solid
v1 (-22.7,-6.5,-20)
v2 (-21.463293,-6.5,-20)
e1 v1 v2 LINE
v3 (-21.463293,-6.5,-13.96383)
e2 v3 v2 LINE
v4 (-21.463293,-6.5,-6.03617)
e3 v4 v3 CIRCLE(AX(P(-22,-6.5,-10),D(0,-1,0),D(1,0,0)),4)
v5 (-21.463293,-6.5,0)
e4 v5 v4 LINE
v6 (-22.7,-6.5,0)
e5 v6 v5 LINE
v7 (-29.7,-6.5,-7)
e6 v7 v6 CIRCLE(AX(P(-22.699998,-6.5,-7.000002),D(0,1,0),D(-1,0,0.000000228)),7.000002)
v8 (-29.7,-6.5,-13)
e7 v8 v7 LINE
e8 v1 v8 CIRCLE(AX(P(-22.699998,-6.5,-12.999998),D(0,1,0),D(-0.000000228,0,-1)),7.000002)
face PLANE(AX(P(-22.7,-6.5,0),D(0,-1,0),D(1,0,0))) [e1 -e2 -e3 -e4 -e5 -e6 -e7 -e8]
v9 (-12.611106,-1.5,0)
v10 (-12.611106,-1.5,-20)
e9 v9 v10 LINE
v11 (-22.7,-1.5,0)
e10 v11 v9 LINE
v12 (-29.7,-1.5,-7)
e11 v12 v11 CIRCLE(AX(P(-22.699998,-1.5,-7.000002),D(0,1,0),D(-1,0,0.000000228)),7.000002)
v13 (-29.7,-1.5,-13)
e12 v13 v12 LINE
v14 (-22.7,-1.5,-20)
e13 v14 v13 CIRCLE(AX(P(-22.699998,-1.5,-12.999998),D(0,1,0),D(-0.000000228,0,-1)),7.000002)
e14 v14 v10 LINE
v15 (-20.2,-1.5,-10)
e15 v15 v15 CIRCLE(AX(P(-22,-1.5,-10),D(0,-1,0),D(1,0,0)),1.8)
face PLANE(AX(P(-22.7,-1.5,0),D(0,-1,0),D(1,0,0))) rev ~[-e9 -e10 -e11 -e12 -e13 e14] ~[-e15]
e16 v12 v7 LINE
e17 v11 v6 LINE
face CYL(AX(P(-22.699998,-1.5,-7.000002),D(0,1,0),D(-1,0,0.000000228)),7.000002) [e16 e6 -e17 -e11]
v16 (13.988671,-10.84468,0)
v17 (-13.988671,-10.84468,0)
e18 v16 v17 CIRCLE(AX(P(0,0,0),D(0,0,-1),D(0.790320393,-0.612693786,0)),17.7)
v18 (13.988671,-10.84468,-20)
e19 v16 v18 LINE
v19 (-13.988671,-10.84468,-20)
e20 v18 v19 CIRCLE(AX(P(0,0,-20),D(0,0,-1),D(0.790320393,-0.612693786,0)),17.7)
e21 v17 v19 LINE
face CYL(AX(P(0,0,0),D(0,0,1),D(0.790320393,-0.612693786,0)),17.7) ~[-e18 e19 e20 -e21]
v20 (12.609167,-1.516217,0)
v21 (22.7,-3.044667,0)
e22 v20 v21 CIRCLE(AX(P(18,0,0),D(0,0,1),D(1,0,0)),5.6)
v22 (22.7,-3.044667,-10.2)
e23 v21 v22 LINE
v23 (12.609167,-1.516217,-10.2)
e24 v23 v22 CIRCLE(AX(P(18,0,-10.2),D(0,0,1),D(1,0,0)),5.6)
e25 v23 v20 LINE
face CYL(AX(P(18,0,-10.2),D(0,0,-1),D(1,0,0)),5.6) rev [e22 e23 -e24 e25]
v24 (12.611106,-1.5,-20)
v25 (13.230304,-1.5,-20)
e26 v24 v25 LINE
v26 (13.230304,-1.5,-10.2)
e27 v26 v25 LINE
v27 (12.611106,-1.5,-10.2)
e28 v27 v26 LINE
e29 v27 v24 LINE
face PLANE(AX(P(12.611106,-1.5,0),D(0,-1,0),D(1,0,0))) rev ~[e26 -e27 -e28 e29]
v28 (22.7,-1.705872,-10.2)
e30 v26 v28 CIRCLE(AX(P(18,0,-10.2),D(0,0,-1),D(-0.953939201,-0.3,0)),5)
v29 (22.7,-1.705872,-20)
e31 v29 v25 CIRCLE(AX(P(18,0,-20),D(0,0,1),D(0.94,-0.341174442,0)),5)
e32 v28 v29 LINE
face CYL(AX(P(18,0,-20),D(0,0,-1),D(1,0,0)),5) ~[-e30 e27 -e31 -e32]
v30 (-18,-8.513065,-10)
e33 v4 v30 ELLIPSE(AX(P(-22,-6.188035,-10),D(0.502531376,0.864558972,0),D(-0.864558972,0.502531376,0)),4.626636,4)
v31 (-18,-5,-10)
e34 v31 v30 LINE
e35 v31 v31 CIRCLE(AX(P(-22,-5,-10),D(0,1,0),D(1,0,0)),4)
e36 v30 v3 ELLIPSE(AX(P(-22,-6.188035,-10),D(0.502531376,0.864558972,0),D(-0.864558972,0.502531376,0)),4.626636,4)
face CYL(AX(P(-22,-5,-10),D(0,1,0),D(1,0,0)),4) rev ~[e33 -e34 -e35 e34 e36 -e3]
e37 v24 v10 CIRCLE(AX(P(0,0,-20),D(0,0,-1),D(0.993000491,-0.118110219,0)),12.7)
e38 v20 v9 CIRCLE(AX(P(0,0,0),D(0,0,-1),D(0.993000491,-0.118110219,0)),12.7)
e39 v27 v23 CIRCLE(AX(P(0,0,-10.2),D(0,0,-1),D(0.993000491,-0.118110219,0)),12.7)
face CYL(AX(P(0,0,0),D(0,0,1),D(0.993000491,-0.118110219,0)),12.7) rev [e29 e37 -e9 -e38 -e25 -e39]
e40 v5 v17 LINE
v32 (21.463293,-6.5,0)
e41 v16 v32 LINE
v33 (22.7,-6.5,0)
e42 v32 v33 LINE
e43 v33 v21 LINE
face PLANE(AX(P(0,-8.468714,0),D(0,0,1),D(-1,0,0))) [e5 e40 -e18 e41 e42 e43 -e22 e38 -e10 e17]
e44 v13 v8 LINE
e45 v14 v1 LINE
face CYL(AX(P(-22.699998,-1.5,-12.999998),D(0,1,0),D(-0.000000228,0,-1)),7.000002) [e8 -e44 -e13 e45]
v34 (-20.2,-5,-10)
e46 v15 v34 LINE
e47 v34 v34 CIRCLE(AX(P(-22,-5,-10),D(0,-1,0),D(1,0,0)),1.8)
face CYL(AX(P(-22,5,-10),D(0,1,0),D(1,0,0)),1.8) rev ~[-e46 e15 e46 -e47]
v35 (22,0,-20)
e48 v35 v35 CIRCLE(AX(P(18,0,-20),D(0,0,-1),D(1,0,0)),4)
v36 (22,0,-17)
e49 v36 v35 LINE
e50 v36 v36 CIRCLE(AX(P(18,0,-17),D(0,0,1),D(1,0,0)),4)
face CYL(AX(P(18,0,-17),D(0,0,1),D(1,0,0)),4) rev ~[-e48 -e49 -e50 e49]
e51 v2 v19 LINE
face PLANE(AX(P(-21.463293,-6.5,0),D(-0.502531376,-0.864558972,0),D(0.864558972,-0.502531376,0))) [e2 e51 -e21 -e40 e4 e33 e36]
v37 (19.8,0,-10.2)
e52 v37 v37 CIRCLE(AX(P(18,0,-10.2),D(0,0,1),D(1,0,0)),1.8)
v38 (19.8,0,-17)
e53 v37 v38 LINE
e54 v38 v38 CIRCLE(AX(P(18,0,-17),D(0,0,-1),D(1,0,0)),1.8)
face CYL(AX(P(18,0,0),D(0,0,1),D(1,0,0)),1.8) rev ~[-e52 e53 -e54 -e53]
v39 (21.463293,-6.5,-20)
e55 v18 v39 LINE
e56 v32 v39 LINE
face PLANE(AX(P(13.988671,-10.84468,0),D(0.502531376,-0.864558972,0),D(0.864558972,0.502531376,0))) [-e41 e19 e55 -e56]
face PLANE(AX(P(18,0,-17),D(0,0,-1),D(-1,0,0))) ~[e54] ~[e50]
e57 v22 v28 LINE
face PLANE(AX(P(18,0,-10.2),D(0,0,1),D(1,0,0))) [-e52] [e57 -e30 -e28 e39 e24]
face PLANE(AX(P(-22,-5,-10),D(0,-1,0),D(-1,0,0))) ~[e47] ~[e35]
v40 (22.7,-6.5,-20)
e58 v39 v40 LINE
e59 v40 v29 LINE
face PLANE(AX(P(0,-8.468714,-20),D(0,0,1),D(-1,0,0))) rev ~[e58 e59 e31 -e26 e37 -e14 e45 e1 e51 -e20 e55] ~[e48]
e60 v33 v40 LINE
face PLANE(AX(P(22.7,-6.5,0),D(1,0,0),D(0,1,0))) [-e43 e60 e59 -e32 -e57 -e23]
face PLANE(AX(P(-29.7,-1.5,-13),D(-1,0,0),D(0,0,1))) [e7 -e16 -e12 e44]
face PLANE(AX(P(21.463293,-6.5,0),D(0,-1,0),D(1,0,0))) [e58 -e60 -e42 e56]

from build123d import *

# Parameters (mm, degrees)
CYLINDER010_R     = 5.6
CYLINDER010_DEPTH = 10.2
CYLINDER007_R     = 4
CYLINDER007_DEPTH = 20
CYLINDER006_R     = 1.8
CYLINDER006_DEPTH = 20
CYLINDER001_R     = 4
CYLINDER001_DEPTH = 20
CYLINDER_R        = 1.8
CYLINDER_DEPTH    = 20
PAD_DEPTH         = 20
PAD001_DEPTH      = 5
CYLINDER009_R     = 5
CYLINDER009_DEPTH = 9.8


with BuildPart() as horizontal_body_space:
    # Cylinder010 → Cylinder010 (new body)
    with BuildSketch(Plane(origin=(18, 0, 9.8), x_dir=(1, 0, 0), z_dir=(0, 0, 1))):
        Circle(CYLINDER010_R)
    extrude(amount=CYLINDER010_DEPTH)


with BuildPart() as part_mirroring002:
    # Part__Mirroring002: instance of horizontal body space
    add(horizontal_body_space.part.mirror(Plane(origin=(0, 0, 10), x_dir=(0, 1, 0), z_dir=(0, 0, 1))))


with BuildPart() as horizontal_bolt_head_hole:
    # Cylinder007 → Cylinder007 (new body)
    with BuildSketch(Plane.XY.offset(17)):
        Circle(CYLINDER007_R)
    extrude(amount=CYLINDER007_DEPTH)


with BuildPart() as horizontal_bolt_hole_fusion:
    # Cylinder006 → Cylinder006 (new body)
    with BuildSketch(Plane.XY):
        Circle(CYLINDER006_R)
    extrude(amount=CYLINDER006_DEPTH)

    # Fusion003: union horizontal bolt head hole
    add(horizontal_bolt_head_hole.part)


with BuildPart() as horizontal_bolt_hole_fusion_1:
    # Fusion003 placement: moved
    add(horizontal_bolt_hole_fusion.part.moved(Location((18, 0, 0))))


with BuildPart() as bolt_head_hole:
    # Cylinder001 → Cylinder001 (new body)
    with BuildSketch(Plane.XZ):
        Circle(CYLINDER001_R)
    extrude(amount=CYLINDER001_DEPTH)


with BuildPart() as fusion005:
    # Cylinder → Cylinder (new body)
    with BuildSketch(Plane.XZ.offset(-10)):
        Circle(CYLINDER_R)
    extrude(amount=CYLINDER_DEPTH)

    # Fusion: union bolt head hole
    add(bolt_head_hole.part)


with BuildPart() as fusion005_1:
    # Fusion placement: moved
    add(fusion005.part.moved(Location((-22, -5, 10))))

    # Fusion005: union Part__Mirroring002, horizontal bolt hole fusion
    add(part_mirroring002.part)
    add(horizontal_bolt_hole_fusion_1.part)


with BuildPart() as f_25_mm_attachment_body:
    # Sketch → Pad (new body)
    with BuildSketch(Plane.XY):
        with BuildLine():
            ThreePointArc((12.611106, 1.5), (0, 12.7), (-12.611106, 1.5))
            Line((-22.7, 1.5), (-12.611106, 1.5))
            Line((-22.7, 1.5), (-22.7, 6.5))
            Line((-22.7, 6.5), (-21.463293, 6.5))
            Line((-21.463293, 6.5), (-13.988671, 10.84468))
            ThreePointArc((13.988671, 10.84468), (0, 17.7), (-13.988671, 10.84468))
            Line((13.988671, 10.84468), (21.463293, 6.5))
            Line((21.463293, 6.5), (22.7, 6.5))
            Line((22.7, 6.5), (22.7, 1.5))
            Line((12.611106, 1.5), (22.7, 1.5))
        make_face()
    extrude(amount=PAD_DEPTH)

    # Sketch001 → Pad001 (join)
    with BuildSketch(Plane.XZ.offset(-1.5)):
        with BuildLine():
            Line((-12.611106, 20), (-22.7, 20))
            ThreePointArc((-22.7, 20), (-27.649747, 17.949747), (-29.7, 13))
            Line((-29.7, 13), (-29.7, 7))
            ThreePointArc((-29.7, 7), (-27.649747, 2.050253), (-22.7, 0))
            Line((-12.611106, 0), (-22.7, 0))
            Line((-12.611106, 20), (-12.611106, 0))
        make_face()
    extrude(amount=-PAD001_DEPTH)


with BuildPart() as part_mirroring:
    # Part__Mirroring: instance of 25 mm attachment body
    add(f_25_mm_attachment_body.part.mirror(Plane(origin=(0, 0, 0), x_dir=(1, 0, 0), z_dir=(0, 1, 0))))


with BuildPart() as horizontal_body:
    # Cylinder009 → Cylinder009 (new body)
    with BuildSketch(Plane(origin=(18, 0, 0), x_dir=(1, 0, 0), z_dir=(0, 0, 1))):
        Circle(CYLINDER009_R)
    extrude(amount=CYLINDER009_DEPTH)


with BuildPart() as f_25_mm_attachment_holed_clone:
    # Part__Mirroring001: instance of horizontal body
    add(horizontal_body.part.mirror(Plane(origin=(0, 0, 10), x_dir=(0, 1, 0), z_dir=(0, 0, 1))))

    # Fusion004: union Part__Mirroring
    add(part_mirroring.part)

    # Cut: cut Fusion005
    add(fusion005_1.part, mode=Mode.SUBTRACT)


with BuildPart() as part_mirroring004:
    # Part__Mirroring004: instance of 25 mm attachment holed clone
    add(f_25_mm_attachment_holed_clone.part.mirror(Plane(origin=(0, 0, 0), x_dir=(0, 1, 0), z_dir=(0, 0, 1))))


solid = part_mirroring004.part
